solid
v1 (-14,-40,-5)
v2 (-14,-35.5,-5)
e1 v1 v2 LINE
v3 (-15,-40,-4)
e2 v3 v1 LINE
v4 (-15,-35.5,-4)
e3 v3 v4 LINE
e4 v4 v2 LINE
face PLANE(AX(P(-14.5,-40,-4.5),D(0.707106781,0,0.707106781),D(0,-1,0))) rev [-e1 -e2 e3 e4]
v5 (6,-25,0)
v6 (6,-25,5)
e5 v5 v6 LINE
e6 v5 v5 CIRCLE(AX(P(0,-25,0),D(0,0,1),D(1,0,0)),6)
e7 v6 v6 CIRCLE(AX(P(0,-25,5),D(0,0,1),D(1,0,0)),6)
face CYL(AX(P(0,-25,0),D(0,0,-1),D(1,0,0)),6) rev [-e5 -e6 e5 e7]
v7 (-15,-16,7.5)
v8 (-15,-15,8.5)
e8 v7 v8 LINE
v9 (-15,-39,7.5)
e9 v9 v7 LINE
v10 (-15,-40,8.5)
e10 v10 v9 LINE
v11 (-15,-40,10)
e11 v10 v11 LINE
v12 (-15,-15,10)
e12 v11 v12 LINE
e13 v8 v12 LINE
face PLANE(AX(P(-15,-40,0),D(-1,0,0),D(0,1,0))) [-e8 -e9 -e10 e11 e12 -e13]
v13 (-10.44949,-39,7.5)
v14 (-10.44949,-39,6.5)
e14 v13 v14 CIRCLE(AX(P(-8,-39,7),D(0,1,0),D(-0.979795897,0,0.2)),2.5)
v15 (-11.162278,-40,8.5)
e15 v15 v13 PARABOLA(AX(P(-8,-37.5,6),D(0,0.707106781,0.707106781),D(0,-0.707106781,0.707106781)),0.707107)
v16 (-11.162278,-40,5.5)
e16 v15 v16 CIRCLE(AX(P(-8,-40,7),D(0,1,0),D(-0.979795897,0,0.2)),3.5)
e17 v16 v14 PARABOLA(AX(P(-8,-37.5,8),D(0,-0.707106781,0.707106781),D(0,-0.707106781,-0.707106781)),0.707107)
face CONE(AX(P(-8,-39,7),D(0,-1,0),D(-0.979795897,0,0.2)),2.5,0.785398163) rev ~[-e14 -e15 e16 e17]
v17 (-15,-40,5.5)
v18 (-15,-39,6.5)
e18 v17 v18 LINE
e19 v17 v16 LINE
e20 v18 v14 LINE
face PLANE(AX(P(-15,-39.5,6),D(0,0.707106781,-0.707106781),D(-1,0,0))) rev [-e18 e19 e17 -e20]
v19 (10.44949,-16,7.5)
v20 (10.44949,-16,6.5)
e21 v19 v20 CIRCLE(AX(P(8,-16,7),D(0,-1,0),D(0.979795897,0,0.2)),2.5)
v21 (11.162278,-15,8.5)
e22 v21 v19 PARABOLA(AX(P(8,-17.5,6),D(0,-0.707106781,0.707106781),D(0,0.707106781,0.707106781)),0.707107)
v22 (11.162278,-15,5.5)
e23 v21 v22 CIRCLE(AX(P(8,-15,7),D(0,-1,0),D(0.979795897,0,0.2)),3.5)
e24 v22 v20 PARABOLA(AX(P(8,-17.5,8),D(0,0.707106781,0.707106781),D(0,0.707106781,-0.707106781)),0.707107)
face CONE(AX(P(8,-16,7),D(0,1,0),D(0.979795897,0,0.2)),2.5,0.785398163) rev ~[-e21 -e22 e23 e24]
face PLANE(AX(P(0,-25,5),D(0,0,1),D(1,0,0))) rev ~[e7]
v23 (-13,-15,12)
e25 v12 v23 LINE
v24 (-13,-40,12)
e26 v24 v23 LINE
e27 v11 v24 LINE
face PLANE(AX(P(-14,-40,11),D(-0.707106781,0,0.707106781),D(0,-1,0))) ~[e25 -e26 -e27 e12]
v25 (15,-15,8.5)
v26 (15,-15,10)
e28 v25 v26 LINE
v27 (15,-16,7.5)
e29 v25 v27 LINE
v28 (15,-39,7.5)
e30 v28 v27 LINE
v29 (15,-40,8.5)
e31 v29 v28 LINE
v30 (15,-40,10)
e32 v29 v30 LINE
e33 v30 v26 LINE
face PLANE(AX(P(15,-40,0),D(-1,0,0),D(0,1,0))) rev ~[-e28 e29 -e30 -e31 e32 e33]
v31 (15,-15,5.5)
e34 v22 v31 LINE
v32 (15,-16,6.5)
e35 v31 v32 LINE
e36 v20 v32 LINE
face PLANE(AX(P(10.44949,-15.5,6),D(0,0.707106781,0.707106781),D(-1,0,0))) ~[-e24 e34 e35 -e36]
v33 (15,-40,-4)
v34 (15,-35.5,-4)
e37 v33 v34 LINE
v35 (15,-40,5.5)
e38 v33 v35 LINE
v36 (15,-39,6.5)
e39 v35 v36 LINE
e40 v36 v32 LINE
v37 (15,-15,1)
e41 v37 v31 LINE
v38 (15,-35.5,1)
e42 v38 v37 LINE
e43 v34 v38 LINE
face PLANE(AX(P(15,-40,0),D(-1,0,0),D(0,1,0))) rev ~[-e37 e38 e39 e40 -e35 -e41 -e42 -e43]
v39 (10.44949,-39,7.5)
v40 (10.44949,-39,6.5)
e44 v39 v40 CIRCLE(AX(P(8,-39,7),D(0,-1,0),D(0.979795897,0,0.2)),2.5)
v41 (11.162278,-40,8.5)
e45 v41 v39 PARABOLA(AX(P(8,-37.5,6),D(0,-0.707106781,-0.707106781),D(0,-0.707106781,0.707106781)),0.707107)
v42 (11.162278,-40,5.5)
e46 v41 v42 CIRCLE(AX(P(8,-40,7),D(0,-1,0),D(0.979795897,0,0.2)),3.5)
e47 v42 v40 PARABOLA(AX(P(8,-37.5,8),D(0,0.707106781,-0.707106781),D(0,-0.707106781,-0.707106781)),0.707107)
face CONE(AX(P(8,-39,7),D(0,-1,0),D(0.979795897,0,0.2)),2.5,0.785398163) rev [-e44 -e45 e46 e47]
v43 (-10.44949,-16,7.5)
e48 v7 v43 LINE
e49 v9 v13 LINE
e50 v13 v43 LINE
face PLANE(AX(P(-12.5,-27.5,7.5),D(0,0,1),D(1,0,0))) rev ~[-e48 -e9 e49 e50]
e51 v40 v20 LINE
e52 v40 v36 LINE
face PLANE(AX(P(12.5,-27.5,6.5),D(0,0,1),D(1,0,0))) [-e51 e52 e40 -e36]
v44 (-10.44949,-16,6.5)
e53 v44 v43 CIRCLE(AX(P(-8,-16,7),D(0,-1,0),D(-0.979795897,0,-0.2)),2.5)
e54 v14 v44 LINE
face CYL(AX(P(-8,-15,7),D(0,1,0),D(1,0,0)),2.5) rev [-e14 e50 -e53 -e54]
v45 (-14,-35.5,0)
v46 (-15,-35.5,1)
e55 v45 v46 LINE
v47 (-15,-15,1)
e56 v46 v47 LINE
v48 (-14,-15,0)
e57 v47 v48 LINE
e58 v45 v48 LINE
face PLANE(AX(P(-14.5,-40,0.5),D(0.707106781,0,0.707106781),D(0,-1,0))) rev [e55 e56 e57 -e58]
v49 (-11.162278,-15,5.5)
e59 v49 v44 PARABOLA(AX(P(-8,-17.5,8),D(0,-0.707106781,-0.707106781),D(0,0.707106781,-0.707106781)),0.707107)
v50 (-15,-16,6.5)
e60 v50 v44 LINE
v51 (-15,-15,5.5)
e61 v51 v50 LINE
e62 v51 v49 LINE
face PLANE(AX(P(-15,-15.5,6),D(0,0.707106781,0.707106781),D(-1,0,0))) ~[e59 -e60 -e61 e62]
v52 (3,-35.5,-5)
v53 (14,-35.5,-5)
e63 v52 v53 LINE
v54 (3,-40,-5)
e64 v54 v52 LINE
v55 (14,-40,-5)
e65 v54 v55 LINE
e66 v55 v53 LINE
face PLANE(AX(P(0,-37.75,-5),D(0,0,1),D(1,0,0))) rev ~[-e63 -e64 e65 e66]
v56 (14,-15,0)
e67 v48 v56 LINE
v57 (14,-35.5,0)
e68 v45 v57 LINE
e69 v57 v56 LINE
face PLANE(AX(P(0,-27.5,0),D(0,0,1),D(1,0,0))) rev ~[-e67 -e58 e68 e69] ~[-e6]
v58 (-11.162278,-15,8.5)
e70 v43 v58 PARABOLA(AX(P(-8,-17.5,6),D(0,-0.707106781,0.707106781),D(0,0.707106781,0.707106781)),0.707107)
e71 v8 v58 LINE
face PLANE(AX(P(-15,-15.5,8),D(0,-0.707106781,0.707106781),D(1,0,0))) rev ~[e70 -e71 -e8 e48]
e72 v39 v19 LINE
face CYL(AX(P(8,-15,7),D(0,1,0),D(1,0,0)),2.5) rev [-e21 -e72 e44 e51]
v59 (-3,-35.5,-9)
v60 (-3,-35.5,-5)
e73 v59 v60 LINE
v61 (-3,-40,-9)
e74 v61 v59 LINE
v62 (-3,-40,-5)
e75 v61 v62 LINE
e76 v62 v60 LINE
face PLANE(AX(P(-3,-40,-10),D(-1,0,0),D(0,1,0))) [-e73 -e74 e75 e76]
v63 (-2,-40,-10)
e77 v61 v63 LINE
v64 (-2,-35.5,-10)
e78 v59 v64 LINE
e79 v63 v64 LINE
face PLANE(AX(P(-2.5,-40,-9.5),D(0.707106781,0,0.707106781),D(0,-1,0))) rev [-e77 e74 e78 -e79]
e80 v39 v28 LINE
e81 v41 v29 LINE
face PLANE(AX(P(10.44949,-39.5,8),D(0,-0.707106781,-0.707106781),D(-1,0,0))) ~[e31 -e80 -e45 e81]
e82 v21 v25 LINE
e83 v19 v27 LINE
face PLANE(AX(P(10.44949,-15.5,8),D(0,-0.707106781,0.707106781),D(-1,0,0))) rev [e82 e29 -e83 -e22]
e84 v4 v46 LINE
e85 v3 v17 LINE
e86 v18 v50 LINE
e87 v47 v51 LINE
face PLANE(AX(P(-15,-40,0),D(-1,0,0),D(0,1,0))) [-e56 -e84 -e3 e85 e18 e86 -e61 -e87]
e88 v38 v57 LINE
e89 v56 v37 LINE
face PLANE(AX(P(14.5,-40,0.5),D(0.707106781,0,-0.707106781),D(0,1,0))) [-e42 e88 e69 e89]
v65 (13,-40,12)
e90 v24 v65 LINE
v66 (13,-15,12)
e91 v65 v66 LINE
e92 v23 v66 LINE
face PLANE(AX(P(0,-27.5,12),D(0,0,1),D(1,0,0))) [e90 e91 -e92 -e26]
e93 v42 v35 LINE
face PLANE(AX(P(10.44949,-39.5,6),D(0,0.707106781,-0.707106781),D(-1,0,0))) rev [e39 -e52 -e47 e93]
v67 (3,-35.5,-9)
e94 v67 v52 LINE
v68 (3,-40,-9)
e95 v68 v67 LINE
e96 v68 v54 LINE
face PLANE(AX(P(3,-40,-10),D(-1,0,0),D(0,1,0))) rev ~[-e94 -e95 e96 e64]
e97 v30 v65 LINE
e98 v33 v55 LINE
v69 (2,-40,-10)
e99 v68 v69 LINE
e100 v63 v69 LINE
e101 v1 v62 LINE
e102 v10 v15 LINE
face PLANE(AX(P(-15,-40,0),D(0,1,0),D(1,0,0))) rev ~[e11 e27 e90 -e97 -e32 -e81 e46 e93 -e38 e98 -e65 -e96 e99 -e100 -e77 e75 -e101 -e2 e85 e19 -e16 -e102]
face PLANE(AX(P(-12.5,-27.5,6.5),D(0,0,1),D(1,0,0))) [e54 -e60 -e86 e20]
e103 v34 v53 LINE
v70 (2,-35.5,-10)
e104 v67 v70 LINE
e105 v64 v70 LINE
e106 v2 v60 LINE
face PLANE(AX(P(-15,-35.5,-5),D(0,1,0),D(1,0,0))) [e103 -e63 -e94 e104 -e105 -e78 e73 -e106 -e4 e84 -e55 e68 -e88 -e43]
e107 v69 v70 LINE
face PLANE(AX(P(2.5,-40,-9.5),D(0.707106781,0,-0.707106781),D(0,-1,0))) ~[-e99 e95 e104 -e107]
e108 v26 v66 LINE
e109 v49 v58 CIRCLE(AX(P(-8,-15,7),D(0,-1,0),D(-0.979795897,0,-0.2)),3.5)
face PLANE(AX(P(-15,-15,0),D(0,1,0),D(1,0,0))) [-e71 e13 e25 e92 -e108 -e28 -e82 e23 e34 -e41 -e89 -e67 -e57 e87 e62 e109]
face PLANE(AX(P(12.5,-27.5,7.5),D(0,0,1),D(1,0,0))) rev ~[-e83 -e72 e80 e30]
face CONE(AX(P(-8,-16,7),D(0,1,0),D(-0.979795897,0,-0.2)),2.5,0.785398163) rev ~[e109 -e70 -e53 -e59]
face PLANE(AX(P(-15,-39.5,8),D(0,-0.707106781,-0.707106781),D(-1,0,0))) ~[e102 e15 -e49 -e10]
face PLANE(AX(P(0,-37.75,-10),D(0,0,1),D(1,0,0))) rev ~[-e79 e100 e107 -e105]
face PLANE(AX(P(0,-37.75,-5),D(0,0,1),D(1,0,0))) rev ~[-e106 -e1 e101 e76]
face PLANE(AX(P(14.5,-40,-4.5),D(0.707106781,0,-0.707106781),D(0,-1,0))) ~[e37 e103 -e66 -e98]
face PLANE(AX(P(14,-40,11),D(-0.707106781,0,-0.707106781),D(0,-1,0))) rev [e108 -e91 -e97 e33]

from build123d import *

# Parameters (mm, degrees)
CYLINDER026_R      = 6
CYLINDER026_DEPTH  = 5
CYLINDER022_R      = 2.5
CYLINDER022_DEPTH  = 25
BOX020_W           = 5
BOX020_H           = 25
BOX020_DEPTH       = 1
CYLINDER021_R      = 2.5
CYLINDER021_DEPTH  = 25
BOX021_W           = 5
BOX021_H           = 25
BOX021_DEPTH       = 1
BOX017_W           = 30
BOX017_H           = 25
BOX017_DEPTH       = 12
CHAMFER006019_SIZE = 2
CHAMFER006020_SIZE = 1
BOX019_W           = 6
BOX019_H           = 4.5
BOX019_DEPTH       = 5
CHAMFER006011_SIZE = 1
BOX018_W           = 30
BOX018_H           = 4.5
BOX018_DEPTH       = 6
CHAMFER006021_SIZE = 1
CHAMFER006022_SIZE = 1


with BuildPart() as cylinder026:
    # Cylinder026 → Cylinder026 (new body)
    with BuildSketch(Plane(origin=(0, -25, 0), x_dir=(1, 0, 0), z_dir=(0, 0, 1))):
        Circle(CYLINDER026_R)
    extrude(amount=CYLINDER026_DEPTH)


with BuildPart() as cylinder022:
    # Cylinder022 → Cylinder022 (new body)
    with BuildSketch(Plane(origin=(8, -15, 7), x_dir=(1, 0, 0), z_dir=(0, -1, 0))):
        Circle(CYLINDER022_R)
    extrude(amount=CYLINDER022_DEPTH)


with BuildPart() as cube020:
    # Box020 → Box020 (new body)
    with BuildSketch(Plane(origin=(-15, -40, 6.5), x_dir=(1, 0, 0), z_dir=(0, 0, 1))):
        with Locations((2.5, 12.5)):
            Rectangle(BOX020_W, BOX020_H)
    extrude(amount=BOX020_DEPTH)


with BuildPart() as cylinder021:
    # Cylinder021 → Cylinder021 (new body)
    with BuildSketch(Plane(origin=(-8, -15, 7), x_dir=(1, 0, 0), z_dir=(0, -1, 0))):
        Circle(CYLINDER021_R)
    extrude(amount=CYLINDER021_DEPTH)


with BuildPart() as fusion020006007003002009016:
    # Box021 → Box021 (new body)
    with BuildSketch(Plane(origin=(10, -40, 6.5), x_dir=(1, 0, 0), z_dir=(0, 0, 1))):
        with Locations((2.5, 12.5)):
            Rectangle(BOX021_W, BOX021_H)
    extrude(amount=BOX021_DEPTH)

    # Fusion020006007003002009016: union Cylinder022, Cube020, Cylinder021
    add(cylinder022.part)
    add(cube020.part)
    add(cylinder021.part)


with BuildPart() as chamfer006020:
    # Box017 → Box017 (new body)
    with BuildSketch(Plane(origin=(-15, -40, 0), x_dir=(1, 0, 0), z_dir=(0, 0, 1))):
        with Locations((15, 12.5)):
            Rectangle(BOX017_W, BOX017_H)
    extrude(amount=BOX017_DEPTH)

    # Chamfer006019
    chamfer006019_edges = [chamfer006020.edges().sort_by_distance(p)[0] for p in [
        (-15, -27.5, 12),
        (15, -27.5, 12),
    ]]
    chamfer(chamfer006019_edges, length=CHAMFER006019_SIZE)

    # Chamfer006020
    chamfer006020_edges = [chamfer006020.edges().sort_by_distance(p)[0] for p in [
        (-15, -27.5, 0),
        (15, -27.5, 0),
    ]]
    chamfer(chamfer006020_edges, length=CHAMFER006020_SIZE)


with BuildPart() as chamfer006011:
    # Box019 → Box019 (new body)
    with BuildSketch(Plane(origin=(-3, -40, -10), x_dir=(1, 0, 0), z_dir=(0, 0, 1))):
        with Locations((3, 2.25)):
            Rectangle(BOX019_W, BOX019_H)
    extrude(amount=BOX019_DEPTH)

    # Chamfer006011
    chamfer006011_edges = [chamfer006011.edges().sort_by_distance(p)[0] for p in [
        (-3, -37.75, -10),
        (3, -37.75, -10),
    ]]
    chamfer(chamfer006011_edges, length=CHAMFER006011_SIZE)


with BuildPart() as side_stopper:
    # Box018 → Box018 (new body)
    with BuildSketch(Plane(origin=(-15, -40, -5), x_dir=(1, 0, 0), z_dir=(0, 0, 1))):
        with Locations((15, 2.25)):
            Rectangle(BOX018_W, BOX018_H)
    extrude(amount=BOX018_DEPTH)

    # Chamfer006021
    chamfer006021_edges = [side_stopper.edges().sort_by_distance(p)[0] for p in [
        (-15, -37.75, -5),
        (15, -37.75, -5),
    ]]
    chamfer(chamfer006021_edges, length=CHAMFER006021_SIZE)

    # Fusion020006007003002009017: union Chamfer006020, Chamfer006011
    add(chamfer006020.part)
    add(chamfer006011.part)

    # Cut017: cut Fusion020006007003002009016
    add(fusion020006007003002009016.part, mode=Mode.SUBTRACT)

    # Chamfer006022
    chamfer006022_edges = [side_stopper.edges().sort_by_distance(p)[0] for p in [
        (12.724745, -40, 6.5),
        (5.5, -40, 7),
        (12.724745, -40, 7.5),
        (-12.724745, -40, 7.5),
        (-7.748728, -40, 9.48734),
        (-7.748728, -40, 4.51266),
        (-12.724745, -40, 6.5),
        (-12.724745, -15, 6.5),
        (12.724745, -15, 6.5),
        (5.5, -15, 7),
        (12.724745, -15, 7.5),
        (-12.724745, -15, 7.5),
        (-7.748728, -15, 9.48734),
        (-7.748728, -15, 4.51266),
    ]]
    chamfer(chamfer006022_edges, length=CHAMFER006022_SIZE)

    # Cut018: cut Cylinder026
    add(cylinder026.part, mode=Mode.SUBTRACT)


solid = side_stopper.part
